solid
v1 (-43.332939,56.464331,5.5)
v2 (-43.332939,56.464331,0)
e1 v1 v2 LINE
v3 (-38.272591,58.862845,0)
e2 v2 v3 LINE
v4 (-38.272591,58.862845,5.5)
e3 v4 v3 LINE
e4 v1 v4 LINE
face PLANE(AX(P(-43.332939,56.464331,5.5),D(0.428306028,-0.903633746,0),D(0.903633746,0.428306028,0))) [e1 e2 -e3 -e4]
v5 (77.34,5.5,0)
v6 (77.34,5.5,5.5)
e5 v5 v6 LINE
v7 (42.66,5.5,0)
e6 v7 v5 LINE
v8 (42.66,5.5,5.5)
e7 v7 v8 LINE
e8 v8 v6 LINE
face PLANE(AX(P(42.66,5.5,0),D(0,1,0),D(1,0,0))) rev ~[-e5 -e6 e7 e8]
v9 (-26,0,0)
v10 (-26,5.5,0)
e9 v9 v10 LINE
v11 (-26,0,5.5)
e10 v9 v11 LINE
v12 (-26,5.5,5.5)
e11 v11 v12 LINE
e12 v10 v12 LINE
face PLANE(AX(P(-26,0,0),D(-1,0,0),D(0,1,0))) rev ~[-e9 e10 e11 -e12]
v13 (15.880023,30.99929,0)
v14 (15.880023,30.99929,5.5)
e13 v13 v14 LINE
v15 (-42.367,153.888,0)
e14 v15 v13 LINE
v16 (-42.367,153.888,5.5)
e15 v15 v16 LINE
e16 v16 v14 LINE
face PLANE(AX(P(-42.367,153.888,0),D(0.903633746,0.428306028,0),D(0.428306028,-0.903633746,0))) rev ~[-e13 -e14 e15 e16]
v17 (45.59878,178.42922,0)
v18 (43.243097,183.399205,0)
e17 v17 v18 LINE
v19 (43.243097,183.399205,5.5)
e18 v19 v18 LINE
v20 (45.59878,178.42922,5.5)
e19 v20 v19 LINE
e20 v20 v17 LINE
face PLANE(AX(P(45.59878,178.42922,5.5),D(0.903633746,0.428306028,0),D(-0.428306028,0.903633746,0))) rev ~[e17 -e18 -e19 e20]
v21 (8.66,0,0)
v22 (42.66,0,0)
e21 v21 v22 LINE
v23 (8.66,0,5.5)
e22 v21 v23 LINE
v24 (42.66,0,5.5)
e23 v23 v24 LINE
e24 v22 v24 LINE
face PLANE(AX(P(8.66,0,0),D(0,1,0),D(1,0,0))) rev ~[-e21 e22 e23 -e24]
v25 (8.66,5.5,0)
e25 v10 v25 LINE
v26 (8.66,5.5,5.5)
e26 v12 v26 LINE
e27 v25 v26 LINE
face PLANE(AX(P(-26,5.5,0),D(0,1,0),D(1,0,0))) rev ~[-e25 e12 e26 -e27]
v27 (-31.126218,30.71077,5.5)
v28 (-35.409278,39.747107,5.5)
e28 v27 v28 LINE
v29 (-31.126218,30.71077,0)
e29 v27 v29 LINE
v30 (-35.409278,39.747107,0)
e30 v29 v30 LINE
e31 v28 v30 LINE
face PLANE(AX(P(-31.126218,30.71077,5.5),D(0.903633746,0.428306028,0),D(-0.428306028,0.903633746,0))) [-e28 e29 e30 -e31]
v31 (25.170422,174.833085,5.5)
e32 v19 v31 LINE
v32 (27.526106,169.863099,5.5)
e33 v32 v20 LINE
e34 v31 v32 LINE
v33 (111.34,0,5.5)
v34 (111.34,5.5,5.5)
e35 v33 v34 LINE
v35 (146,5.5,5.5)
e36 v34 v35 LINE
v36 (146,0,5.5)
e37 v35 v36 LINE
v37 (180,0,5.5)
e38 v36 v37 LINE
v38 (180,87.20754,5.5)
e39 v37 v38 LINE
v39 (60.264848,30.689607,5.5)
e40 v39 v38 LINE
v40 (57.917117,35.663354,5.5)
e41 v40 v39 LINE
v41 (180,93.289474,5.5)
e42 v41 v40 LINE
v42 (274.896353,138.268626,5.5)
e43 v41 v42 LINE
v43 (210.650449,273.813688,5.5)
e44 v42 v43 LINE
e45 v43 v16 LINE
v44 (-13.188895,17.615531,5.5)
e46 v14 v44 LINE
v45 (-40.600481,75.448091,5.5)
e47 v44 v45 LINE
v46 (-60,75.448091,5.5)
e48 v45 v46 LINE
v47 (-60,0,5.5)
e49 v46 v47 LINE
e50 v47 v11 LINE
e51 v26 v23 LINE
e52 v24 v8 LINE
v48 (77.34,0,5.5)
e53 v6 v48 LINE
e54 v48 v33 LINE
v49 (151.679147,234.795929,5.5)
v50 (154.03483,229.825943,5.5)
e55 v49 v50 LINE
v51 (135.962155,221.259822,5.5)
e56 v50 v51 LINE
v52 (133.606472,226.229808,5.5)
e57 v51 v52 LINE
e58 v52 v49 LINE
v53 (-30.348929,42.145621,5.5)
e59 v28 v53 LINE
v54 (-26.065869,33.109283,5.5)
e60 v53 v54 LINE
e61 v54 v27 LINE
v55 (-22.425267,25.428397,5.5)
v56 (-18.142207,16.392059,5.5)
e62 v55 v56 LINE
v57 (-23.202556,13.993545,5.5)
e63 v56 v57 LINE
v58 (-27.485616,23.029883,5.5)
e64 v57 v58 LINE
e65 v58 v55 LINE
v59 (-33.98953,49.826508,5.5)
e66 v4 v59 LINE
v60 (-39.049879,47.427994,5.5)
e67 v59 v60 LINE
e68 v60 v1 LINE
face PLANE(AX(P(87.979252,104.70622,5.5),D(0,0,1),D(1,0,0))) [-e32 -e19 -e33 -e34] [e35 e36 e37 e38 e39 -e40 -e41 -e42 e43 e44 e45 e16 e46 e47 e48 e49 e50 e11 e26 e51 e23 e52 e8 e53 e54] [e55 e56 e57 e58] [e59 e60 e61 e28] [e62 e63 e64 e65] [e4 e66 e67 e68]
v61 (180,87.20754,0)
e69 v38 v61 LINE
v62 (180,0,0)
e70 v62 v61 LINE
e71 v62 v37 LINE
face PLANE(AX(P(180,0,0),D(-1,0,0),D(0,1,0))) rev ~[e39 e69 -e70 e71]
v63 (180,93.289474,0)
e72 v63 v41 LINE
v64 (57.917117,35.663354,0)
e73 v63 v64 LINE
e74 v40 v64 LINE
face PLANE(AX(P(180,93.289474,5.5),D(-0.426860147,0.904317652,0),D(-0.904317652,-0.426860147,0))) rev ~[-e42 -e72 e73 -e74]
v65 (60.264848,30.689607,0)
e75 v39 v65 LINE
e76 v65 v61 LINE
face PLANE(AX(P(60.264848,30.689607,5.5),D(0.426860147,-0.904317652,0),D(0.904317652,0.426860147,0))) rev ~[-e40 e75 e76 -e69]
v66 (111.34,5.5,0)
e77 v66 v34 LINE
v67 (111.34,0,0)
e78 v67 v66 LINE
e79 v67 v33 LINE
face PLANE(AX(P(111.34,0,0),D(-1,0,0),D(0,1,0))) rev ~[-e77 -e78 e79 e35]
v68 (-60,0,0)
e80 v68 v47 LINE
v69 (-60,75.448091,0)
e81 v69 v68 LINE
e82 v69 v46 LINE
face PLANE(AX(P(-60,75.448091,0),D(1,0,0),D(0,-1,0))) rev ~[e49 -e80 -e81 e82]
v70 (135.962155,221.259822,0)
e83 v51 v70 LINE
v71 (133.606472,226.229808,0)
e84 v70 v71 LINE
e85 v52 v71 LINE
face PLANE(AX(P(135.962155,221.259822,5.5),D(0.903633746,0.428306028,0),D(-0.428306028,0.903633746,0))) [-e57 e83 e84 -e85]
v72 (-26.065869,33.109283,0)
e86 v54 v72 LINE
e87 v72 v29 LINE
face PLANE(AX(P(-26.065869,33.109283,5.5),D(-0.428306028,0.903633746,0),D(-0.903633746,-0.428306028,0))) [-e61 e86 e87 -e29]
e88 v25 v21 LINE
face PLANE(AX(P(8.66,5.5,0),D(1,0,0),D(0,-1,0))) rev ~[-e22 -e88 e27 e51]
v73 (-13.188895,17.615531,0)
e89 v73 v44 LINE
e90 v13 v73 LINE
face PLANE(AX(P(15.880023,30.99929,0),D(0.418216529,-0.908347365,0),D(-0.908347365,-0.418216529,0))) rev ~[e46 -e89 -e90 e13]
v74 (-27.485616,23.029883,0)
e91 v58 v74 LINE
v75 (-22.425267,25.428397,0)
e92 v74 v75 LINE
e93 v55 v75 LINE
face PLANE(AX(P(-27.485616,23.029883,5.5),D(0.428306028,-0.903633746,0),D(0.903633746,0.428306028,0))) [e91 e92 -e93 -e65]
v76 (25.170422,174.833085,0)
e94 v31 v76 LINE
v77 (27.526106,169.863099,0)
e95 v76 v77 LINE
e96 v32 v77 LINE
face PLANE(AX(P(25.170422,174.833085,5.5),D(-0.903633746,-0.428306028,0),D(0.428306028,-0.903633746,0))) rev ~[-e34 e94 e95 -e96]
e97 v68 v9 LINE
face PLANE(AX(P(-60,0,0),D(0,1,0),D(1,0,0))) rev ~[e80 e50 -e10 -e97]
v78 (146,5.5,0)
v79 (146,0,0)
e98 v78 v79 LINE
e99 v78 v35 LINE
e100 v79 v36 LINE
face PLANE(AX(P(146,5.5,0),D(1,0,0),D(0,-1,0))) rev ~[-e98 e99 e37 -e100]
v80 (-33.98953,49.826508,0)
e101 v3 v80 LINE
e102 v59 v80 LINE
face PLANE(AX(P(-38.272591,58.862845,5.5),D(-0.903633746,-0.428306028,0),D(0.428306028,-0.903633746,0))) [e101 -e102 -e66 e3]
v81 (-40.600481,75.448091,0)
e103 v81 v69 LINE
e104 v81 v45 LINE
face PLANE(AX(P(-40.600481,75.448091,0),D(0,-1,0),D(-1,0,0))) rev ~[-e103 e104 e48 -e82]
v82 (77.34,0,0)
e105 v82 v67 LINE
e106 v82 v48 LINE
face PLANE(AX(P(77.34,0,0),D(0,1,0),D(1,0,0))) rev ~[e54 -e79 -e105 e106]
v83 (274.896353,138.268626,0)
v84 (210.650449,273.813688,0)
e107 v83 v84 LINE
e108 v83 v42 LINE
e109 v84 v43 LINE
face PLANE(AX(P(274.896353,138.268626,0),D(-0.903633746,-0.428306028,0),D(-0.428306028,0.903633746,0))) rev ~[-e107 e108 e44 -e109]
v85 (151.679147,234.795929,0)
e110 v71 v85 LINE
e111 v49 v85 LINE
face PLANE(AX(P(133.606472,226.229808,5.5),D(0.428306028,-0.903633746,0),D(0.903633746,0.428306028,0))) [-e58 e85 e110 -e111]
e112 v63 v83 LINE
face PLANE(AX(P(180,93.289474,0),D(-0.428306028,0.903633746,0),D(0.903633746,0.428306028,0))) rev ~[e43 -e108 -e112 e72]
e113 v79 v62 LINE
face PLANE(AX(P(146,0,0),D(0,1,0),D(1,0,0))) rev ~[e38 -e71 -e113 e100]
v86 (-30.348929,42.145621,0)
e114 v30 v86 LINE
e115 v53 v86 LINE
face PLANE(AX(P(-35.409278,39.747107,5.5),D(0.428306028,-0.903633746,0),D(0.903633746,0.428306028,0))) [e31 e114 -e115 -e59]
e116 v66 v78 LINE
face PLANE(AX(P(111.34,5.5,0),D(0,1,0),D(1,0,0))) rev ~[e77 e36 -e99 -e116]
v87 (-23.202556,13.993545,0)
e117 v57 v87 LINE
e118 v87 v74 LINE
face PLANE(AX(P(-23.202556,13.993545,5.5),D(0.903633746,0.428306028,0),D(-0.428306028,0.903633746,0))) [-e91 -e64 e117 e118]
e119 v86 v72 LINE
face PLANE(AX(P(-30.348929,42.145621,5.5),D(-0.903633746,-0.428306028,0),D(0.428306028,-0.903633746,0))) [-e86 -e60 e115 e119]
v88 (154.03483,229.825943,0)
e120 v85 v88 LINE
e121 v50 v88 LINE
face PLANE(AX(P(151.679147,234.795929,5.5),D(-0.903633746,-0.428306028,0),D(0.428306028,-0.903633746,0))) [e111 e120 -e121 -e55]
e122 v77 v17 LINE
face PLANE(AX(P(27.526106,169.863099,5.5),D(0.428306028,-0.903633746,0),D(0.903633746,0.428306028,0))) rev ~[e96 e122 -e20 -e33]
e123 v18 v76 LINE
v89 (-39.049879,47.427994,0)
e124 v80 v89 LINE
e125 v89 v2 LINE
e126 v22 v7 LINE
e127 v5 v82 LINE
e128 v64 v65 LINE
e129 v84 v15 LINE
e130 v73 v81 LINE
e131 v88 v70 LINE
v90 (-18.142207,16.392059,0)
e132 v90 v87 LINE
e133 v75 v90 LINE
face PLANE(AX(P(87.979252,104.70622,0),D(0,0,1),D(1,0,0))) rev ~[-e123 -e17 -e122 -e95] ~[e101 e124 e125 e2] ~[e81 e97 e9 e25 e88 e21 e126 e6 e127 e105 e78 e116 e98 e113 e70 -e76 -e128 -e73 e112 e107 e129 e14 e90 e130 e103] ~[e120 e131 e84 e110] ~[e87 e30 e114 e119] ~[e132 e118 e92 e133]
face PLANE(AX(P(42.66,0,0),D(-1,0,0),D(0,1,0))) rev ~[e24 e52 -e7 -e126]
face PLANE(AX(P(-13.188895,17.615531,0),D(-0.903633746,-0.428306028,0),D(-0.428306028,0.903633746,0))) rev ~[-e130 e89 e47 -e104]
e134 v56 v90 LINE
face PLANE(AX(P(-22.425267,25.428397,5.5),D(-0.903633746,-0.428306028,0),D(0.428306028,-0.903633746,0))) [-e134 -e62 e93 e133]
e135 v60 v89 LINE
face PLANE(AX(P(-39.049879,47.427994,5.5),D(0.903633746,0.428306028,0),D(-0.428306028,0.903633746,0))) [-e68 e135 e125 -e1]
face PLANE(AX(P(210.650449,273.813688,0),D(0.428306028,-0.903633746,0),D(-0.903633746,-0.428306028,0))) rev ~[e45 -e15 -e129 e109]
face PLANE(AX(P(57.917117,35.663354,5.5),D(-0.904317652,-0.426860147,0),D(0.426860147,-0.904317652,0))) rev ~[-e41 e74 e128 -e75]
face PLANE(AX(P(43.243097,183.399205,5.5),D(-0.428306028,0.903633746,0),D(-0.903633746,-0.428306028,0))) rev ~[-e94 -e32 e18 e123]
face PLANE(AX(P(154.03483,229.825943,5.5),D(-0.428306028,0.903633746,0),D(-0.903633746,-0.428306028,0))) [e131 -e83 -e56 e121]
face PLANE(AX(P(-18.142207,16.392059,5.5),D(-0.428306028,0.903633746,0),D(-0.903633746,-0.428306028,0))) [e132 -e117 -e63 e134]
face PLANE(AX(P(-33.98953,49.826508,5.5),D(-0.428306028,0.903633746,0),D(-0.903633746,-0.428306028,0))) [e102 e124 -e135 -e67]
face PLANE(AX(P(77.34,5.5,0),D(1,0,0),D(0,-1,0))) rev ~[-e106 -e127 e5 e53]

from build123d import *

# Parameters (mm, degrees)
SALIENTE_EXTRUIR1_DEPTH = 5.5
CORTAR_EXTRUIR1_DEPTH   = 5.5
CORTAR_EXTRUIR4_DEPTH   = 5.5
CORTAR_EXTRUIR5_DEPTH   = 5.5


with BuildPart() as part:
    # Croquis1 → Saliente-Extruir1 (new body)
    with BuildSketch(Plane.XY):
        Polygon((180, 0), (180, 93.289473684), (274.896352923, 138.268626086), (210.65044876, 273.81368796), (-42.36700007, 153.888000188), (15.880022719, 30.999289839), (-13.188895459, 17.615531012), (-40.600481236, 75.448090745), (-60, 75.448090745), (-60, 0), (-26, 0), (-26, 5.5), (8.66, 5.5), (8.66, 0), (42.66, 0), (42.66, 5.5), (77.34, 5.5), (77.34, 0), (111.34, 0), (111.34, 5.5), (146, 5.5), (146, 0), align=None)
    extrude(amount=SALIENTE_EXTRUIR1_DEPTH)

    # Croquis2 → Cortar-Extruir1 (cut)
    with BuildSketch(Plane.XY.offset(5.5)):
        Polygon((180, 93.289473684), (57.917117024, 35.663353874), (60.264847831, 30.68960679), (180, 87.207539986), align=None)
    extrude(amount=-CORTAR_EXTRUIR1_DEPTH, mode=Mode.SUBTRACT)

    # Croquis4 → Cortar-Extruir4 (cut)
    with BuildSketch(Plane.XY.offset(5.5)):
        Polygon((-43.332939479, 56.464331481), (-38.272590503, 58.862845236), (-33.989530225, 49.826507778), (-39.049879202, 47.427994023), align=None)
        Polygon((-35.409277966, 39.747107183), (-30.348928989, 42.145620939), (-26.065868712, 33.10928348), (-31.126217688, 30.710769725), align=None)
        Polygon((-27.485616452, 23.029882886), (-22.425267476, 25.428396641), (-18.142207198, 16.392059183), (-23.202556175, 13.993545427), align=None)
    extrude(amount=-CORTAR_EXTRUIR4_DEPTH, mode=Mode.SUBTRACT)

    # Croquis5 → Cortar-Extruir5 (cut)
    with BuildSketch(Plane.XY.offset(5.5)):
        Polygon((25.170422415, 174.833084673), (27.526105568, 169.863099071), (45.598780484, 178.429219626), (43.243097332, 183.399205228), align=None)
        Polygon((133.606471914, 226.229808004), (151.67914683, 234.795928559), (154.034829983, 229.825942957), (135.962155066, 221.259822402), align=None)
    extrude(amount=-CORTAR_EXTRUIR5_DEPTH, mode=Mode.SUBTRACT)


solid = part.part
